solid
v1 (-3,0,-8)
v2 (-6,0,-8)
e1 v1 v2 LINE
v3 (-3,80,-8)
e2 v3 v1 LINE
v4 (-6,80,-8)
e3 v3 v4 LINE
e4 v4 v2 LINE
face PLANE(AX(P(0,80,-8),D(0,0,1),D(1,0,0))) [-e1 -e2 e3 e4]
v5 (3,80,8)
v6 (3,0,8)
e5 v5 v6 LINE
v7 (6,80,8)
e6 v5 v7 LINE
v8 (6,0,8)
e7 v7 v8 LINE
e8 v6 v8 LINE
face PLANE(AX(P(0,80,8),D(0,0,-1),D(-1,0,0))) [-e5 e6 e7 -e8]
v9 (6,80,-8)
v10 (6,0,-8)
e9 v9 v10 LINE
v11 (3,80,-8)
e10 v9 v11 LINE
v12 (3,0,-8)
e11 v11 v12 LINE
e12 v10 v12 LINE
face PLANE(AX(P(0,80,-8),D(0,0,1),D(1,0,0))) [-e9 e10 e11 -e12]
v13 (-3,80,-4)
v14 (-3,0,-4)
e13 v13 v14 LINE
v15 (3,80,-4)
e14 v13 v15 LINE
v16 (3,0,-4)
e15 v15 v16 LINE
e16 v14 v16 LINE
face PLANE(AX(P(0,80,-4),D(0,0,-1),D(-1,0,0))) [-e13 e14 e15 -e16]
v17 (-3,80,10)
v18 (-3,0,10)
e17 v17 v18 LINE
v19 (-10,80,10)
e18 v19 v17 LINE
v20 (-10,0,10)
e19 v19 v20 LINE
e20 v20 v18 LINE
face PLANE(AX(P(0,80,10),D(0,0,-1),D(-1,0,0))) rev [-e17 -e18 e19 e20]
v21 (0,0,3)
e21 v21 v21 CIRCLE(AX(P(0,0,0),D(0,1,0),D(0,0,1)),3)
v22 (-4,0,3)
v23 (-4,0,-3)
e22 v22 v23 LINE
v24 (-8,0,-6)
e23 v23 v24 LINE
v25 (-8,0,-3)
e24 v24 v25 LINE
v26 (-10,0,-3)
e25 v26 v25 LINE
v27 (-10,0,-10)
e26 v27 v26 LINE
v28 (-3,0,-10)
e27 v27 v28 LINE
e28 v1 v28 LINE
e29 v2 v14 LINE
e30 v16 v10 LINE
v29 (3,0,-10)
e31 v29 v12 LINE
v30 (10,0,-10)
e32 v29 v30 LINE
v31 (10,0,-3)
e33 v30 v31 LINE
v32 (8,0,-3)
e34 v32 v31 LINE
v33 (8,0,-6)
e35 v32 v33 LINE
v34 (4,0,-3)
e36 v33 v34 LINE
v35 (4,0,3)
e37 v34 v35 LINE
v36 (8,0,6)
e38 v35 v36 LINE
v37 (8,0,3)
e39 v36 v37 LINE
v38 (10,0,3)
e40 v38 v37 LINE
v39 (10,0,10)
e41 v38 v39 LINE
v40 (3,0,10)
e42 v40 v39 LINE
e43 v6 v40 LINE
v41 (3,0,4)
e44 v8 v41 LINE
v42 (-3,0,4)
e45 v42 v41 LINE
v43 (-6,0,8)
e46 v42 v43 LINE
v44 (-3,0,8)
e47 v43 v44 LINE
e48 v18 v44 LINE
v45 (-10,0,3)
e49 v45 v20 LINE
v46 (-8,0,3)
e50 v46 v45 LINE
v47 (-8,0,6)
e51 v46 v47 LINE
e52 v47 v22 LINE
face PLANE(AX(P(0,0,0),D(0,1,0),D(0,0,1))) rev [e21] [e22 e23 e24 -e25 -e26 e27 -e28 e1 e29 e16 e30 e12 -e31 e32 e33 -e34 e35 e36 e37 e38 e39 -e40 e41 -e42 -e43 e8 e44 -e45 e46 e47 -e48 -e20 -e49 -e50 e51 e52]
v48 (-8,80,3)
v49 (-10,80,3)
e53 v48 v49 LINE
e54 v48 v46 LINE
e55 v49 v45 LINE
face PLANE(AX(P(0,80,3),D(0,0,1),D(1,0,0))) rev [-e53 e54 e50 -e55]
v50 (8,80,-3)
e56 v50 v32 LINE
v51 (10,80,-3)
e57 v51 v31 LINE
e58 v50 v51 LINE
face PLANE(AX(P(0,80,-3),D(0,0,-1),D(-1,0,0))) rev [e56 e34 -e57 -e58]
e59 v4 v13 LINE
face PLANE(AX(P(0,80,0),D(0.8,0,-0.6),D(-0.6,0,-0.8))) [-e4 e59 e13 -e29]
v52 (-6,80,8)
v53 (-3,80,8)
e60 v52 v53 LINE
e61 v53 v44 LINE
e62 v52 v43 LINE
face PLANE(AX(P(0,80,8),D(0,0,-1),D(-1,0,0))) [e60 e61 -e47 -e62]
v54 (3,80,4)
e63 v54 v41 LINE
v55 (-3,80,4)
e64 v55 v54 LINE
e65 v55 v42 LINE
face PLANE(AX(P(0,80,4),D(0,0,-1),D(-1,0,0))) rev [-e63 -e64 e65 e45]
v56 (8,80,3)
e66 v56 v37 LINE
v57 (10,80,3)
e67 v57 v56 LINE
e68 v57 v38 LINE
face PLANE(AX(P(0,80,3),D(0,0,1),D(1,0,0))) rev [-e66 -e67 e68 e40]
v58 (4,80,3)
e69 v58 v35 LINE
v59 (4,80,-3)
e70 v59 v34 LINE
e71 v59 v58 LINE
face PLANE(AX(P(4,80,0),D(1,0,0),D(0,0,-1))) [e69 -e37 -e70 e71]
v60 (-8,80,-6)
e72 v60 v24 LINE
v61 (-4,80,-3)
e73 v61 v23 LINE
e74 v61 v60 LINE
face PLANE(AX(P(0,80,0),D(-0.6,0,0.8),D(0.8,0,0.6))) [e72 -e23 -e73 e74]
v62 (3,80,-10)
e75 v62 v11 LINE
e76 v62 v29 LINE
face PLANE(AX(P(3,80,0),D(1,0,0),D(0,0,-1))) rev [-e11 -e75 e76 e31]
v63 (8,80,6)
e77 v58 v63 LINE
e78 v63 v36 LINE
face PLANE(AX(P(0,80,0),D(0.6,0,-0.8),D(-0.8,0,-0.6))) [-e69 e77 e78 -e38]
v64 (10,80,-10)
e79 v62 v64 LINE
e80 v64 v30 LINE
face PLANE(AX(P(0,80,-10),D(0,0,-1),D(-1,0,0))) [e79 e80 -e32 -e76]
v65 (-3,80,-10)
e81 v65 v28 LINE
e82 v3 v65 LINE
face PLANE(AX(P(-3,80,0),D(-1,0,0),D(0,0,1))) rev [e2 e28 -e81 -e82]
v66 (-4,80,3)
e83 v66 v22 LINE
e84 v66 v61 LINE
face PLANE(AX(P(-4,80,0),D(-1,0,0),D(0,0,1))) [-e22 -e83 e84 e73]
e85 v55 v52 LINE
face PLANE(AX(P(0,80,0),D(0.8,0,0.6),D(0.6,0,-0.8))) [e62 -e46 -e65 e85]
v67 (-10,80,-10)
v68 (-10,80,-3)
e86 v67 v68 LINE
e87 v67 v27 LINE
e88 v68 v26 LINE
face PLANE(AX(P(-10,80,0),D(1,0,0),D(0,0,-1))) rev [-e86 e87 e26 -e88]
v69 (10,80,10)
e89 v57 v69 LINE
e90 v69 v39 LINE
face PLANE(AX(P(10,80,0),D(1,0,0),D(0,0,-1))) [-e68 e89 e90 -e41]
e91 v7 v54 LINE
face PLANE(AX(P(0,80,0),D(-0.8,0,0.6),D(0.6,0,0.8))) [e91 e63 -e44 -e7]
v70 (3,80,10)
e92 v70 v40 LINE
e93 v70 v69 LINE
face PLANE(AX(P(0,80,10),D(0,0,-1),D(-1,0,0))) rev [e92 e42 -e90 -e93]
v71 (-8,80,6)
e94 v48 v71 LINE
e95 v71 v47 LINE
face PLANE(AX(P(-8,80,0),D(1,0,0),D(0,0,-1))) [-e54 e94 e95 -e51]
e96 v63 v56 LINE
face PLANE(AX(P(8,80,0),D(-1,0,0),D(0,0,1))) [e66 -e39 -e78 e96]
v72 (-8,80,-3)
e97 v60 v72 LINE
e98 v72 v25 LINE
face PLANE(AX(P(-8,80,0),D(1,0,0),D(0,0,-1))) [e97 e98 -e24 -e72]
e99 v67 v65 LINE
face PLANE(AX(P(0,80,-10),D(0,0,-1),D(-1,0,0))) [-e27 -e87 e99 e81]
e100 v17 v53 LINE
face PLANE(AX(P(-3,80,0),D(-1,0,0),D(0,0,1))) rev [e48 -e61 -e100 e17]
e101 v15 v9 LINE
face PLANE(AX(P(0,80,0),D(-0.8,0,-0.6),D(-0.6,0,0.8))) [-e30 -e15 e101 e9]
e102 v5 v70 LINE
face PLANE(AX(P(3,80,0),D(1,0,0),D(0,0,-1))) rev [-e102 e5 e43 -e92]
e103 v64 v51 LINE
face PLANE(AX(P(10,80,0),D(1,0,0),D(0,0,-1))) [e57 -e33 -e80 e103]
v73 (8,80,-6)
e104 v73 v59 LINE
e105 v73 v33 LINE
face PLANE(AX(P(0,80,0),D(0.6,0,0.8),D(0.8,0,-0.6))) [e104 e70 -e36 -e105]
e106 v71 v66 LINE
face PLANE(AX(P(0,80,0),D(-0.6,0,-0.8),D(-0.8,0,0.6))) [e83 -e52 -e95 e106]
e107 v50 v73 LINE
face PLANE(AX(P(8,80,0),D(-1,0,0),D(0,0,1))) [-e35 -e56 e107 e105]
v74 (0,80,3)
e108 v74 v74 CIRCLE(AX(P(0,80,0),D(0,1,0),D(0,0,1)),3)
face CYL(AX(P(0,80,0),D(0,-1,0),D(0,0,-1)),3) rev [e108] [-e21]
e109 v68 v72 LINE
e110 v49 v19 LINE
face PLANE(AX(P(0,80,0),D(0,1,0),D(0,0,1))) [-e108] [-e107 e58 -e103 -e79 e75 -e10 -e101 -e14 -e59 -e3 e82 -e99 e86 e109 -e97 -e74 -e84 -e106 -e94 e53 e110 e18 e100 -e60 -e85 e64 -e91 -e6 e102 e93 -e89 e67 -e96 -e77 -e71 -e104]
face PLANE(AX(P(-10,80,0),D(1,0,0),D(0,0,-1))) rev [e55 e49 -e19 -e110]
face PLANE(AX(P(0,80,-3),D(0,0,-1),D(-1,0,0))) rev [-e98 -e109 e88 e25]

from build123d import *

# Parameters (mm, degrees)
SKETCH_1_R      = 3
EXTRUDE_1_DEPTH = 80


with BuildPart() as part:
    # 草圖1 → 填料-伸長1 (new body)
    with BuildSketch(Plane(origin=(0, 0, 0), x_dir=(1, 0, 0), z_dir=(0, 1, 0))):
        Polygon((3, 10), (10, 10), (10, 3), (8, 3), (8, 6), (4, 3), (4, -3), (8, -6), (8, -3), (10, -3), (10, -10), (3, -10), (3, -8), (6, -8), (3, -4), (-3, -4), (-6, -8), (-3, -8), (-3, -10), (-10, -10), (-10, -3), (-8, -3), (-8, -6), (-4, -3), (-4, 3), (-8, 6), (-8, 3), (-10, 3), (-10, 10), (-3, 10), (-3, 8), (-6, 8), (-3, 4), (3, 4), (6, 8), (3, 8), align=None)
        with Locations(Location((0, 0, 0), (0, 0, 270))):
            Circle(SKETCH_1_R, mode=Mode.SUBTRACT)
    extrude(amount=EXTRUDE_1_DEPTH)


solid = part.part
